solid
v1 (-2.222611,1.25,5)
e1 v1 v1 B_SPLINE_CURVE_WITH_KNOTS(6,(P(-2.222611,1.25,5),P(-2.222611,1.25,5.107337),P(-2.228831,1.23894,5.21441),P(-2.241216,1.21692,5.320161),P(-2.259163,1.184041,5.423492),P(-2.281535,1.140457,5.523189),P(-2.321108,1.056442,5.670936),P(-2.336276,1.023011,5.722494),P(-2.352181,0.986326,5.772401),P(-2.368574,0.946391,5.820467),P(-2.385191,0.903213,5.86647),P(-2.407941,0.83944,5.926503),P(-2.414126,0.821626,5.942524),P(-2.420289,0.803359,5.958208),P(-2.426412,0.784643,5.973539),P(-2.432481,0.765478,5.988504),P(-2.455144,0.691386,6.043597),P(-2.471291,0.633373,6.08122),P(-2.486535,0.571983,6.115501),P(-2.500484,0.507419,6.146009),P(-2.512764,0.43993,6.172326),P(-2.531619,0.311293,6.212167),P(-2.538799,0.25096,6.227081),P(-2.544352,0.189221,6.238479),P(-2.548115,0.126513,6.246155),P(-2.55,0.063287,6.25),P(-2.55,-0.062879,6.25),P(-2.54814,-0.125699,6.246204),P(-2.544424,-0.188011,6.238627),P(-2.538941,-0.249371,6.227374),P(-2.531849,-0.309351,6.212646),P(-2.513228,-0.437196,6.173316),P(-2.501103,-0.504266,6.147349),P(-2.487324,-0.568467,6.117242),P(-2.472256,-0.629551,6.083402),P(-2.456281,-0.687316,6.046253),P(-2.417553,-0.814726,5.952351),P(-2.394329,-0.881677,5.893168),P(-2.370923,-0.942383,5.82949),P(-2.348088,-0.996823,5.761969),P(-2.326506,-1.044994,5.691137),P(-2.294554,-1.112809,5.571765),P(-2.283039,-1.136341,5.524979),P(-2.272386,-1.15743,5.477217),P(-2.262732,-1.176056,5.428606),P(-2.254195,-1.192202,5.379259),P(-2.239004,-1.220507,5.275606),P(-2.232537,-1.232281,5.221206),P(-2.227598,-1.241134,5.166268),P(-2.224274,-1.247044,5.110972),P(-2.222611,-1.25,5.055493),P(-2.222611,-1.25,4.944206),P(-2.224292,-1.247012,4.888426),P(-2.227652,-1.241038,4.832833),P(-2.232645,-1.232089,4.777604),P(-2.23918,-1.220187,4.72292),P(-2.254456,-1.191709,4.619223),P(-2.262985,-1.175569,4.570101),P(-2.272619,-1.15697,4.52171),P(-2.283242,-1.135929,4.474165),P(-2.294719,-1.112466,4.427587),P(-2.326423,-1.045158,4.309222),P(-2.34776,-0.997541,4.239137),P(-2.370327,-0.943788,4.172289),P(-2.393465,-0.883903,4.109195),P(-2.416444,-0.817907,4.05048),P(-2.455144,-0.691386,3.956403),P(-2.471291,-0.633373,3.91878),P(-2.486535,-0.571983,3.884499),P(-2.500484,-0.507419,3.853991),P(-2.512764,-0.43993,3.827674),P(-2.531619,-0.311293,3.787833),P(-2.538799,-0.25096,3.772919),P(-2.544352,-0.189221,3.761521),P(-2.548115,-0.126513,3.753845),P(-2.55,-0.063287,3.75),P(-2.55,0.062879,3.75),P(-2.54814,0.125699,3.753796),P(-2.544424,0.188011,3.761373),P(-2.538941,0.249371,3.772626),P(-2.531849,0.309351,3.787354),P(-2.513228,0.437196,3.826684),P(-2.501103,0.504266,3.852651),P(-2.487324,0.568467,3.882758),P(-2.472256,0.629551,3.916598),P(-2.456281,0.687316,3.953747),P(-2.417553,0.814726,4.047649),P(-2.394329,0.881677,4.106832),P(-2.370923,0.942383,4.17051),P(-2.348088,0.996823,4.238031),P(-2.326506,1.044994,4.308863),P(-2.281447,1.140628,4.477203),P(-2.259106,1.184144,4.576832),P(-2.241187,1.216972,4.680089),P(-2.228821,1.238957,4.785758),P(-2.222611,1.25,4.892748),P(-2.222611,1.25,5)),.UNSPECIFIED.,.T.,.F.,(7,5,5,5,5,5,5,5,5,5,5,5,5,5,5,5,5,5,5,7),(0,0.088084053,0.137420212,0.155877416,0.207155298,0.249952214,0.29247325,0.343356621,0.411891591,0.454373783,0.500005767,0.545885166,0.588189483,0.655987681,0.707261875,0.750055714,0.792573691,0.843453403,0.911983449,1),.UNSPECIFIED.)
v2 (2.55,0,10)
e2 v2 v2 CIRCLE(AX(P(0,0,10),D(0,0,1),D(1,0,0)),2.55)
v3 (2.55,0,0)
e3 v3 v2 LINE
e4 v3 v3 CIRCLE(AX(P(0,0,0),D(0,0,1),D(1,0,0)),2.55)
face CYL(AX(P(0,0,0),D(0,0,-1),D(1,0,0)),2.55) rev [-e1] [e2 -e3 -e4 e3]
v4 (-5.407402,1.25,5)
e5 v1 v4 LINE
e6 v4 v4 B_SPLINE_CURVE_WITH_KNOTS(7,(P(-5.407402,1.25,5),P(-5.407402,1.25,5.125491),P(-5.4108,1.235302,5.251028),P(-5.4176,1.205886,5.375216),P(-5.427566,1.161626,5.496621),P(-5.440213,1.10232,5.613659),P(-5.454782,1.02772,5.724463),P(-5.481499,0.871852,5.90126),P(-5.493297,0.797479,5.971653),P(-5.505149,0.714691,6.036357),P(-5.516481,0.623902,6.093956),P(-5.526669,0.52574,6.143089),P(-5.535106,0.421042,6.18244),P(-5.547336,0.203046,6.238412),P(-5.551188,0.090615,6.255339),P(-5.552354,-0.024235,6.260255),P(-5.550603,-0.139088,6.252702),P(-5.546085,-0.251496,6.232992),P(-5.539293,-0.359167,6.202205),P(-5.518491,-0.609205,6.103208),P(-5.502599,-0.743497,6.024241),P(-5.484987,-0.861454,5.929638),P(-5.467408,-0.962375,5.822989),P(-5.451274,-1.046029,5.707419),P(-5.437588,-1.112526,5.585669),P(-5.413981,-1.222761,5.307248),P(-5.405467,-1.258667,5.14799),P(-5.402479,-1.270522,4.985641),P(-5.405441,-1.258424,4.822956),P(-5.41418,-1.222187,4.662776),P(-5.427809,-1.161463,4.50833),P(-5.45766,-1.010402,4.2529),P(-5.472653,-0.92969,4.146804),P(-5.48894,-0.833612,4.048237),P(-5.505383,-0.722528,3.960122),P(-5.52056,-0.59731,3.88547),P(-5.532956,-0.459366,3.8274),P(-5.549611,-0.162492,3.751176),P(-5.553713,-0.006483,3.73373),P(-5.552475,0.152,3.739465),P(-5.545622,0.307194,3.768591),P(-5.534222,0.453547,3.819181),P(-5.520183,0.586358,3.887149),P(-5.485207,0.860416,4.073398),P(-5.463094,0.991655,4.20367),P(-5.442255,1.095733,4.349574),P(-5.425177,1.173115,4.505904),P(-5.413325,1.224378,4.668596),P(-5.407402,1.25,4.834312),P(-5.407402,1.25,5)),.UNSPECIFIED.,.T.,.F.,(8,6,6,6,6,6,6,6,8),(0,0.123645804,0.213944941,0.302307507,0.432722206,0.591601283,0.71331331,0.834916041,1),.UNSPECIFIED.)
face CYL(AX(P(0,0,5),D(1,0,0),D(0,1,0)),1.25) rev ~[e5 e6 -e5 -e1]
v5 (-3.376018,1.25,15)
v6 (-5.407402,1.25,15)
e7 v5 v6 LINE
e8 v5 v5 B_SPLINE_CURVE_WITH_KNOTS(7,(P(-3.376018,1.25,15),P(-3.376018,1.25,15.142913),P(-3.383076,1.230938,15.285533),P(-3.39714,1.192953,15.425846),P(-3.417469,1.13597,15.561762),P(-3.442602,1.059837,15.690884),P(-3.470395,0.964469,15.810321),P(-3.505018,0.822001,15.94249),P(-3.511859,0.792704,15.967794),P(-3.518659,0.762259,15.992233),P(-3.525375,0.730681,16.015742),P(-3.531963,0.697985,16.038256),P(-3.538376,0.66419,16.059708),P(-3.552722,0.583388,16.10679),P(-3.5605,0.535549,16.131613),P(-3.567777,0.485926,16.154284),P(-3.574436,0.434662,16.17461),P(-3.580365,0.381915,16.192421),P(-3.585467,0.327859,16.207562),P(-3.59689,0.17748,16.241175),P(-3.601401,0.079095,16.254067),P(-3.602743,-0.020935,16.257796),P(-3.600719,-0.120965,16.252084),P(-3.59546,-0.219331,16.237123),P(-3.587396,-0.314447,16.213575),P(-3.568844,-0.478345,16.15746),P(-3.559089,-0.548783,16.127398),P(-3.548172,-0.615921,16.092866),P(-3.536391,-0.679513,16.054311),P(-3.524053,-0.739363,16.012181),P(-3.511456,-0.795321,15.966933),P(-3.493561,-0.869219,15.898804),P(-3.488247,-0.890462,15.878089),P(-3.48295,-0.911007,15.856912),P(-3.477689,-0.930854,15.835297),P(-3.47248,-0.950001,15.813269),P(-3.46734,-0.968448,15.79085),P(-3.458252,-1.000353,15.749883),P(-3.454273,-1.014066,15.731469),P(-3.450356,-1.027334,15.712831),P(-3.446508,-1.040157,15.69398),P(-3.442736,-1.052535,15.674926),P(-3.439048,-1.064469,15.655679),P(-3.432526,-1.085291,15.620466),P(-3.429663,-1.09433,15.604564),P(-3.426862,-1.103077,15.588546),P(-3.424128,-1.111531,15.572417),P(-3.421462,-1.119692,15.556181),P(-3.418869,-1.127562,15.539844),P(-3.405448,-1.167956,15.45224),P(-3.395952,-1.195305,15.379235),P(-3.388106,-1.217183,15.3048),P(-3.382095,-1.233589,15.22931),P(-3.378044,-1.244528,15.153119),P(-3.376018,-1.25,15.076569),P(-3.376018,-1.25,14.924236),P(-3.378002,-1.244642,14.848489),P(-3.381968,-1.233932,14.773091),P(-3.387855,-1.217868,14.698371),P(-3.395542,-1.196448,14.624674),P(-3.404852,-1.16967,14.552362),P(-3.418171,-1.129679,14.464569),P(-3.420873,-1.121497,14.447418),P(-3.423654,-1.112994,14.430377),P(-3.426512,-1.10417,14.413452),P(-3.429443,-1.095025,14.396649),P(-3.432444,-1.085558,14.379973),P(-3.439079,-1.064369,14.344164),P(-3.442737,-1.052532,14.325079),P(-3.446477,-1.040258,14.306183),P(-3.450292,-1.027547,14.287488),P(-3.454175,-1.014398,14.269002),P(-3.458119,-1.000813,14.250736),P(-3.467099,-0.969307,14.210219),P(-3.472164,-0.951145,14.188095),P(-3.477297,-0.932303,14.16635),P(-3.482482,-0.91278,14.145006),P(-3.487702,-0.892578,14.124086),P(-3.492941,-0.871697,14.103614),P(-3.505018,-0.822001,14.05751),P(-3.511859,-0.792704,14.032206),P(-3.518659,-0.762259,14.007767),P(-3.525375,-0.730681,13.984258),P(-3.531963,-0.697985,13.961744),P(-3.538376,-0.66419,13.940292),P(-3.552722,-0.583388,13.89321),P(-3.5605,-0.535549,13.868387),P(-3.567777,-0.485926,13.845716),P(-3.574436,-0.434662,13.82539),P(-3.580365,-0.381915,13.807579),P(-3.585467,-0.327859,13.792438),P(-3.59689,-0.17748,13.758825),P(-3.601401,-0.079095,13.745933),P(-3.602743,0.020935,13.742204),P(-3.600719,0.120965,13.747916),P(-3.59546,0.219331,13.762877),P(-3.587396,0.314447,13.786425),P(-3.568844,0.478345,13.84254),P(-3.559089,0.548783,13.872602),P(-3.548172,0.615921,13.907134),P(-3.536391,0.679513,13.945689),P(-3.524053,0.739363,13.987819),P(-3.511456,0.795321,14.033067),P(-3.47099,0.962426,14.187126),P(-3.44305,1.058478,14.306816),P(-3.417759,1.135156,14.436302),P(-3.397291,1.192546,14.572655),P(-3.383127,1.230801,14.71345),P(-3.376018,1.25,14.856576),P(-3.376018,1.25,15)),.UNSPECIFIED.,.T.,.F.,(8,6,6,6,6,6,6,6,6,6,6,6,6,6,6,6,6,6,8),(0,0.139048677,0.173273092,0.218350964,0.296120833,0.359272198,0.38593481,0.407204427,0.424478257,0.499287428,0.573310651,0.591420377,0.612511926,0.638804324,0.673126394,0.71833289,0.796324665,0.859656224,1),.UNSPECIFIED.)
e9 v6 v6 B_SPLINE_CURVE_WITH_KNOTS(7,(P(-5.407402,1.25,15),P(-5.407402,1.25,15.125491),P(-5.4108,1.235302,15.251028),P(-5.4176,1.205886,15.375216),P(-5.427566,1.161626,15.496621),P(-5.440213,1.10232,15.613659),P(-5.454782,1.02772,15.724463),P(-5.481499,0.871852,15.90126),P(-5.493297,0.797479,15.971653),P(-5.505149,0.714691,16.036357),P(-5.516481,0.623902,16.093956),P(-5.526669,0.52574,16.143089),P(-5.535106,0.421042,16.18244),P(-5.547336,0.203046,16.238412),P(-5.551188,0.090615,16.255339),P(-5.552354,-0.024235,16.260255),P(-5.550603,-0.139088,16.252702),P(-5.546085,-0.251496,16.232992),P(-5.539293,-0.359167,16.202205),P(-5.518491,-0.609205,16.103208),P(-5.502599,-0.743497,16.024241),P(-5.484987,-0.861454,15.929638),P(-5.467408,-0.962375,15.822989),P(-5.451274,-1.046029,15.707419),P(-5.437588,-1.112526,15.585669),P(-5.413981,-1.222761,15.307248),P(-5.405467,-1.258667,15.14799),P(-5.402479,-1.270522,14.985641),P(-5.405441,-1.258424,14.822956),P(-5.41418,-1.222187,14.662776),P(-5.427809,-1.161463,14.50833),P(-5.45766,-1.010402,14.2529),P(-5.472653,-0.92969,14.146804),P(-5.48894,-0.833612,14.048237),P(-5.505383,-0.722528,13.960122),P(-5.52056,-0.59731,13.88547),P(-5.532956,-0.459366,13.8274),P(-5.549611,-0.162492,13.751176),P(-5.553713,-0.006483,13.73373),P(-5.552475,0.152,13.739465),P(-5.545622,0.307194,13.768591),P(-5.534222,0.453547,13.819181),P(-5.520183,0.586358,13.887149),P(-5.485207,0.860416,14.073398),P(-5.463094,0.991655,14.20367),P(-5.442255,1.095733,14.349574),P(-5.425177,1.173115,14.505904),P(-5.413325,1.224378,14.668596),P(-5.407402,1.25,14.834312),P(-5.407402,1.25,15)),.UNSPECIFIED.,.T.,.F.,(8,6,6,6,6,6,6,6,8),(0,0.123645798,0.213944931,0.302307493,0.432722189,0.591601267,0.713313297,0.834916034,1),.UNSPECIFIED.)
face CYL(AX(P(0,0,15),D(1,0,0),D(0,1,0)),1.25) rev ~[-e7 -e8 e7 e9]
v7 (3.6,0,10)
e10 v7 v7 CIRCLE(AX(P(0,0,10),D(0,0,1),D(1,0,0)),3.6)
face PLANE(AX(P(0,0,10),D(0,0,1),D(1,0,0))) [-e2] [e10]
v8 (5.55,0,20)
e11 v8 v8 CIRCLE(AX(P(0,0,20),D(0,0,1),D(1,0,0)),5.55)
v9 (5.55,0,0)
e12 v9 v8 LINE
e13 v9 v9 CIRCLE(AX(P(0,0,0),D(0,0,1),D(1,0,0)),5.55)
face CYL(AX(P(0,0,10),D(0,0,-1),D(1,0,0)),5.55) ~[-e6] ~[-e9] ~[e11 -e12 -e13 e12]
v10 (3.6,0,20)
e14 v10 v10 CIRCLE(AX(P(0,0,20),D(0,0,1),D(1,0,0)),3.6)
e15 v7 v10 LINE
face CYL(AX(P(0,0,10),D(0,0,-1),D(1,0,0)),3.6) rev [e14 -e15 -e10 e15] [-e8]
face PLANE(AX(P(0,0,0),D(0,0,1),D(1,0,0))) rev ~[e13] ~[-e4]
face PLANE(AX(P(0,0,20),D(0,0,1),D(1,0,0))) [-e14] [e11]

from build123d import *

# Parameters (mm, degrees)
F0_R     = 5.55
F0_R_2   = 2.55
F1_DEPTH = 10
F2_R     = 5.55
F2_R_2   = 3.6
F3_DEPTH = 10
F4_R     = 1.25
F5_DEPTH = 5.551


with BuildPart() as f1:
    # F0 (on Top) → F1 (new body)
    with BuildSketch(Plane.XY):
        Circle(F0_R)
        Circle(F0_R_2, mode=Mode.SUBTRACT)
    extrude(amount=F1_DEPTH)

    # F2 (on face) → F3 (join)
    with BuildSketch(Plane.XY.offset(10)):
        Circle(F2_R)
        Circle(F2_R_2, mode=Mode.SUBTRACT)
    extrude(amount=F3_DEPTH)

    # F4 (on Right) → F5 (cut, through all)
    with BuildSketch(Plane.YZ):
        with Locations((0, 15)):
            Circle(F4_R)
        with Locations((0, 5)):
            Circle(F4_R)
    extrude(amount=-F5_DEPTH, mode=Mode.SUBTRACT)


solid = f1.part
